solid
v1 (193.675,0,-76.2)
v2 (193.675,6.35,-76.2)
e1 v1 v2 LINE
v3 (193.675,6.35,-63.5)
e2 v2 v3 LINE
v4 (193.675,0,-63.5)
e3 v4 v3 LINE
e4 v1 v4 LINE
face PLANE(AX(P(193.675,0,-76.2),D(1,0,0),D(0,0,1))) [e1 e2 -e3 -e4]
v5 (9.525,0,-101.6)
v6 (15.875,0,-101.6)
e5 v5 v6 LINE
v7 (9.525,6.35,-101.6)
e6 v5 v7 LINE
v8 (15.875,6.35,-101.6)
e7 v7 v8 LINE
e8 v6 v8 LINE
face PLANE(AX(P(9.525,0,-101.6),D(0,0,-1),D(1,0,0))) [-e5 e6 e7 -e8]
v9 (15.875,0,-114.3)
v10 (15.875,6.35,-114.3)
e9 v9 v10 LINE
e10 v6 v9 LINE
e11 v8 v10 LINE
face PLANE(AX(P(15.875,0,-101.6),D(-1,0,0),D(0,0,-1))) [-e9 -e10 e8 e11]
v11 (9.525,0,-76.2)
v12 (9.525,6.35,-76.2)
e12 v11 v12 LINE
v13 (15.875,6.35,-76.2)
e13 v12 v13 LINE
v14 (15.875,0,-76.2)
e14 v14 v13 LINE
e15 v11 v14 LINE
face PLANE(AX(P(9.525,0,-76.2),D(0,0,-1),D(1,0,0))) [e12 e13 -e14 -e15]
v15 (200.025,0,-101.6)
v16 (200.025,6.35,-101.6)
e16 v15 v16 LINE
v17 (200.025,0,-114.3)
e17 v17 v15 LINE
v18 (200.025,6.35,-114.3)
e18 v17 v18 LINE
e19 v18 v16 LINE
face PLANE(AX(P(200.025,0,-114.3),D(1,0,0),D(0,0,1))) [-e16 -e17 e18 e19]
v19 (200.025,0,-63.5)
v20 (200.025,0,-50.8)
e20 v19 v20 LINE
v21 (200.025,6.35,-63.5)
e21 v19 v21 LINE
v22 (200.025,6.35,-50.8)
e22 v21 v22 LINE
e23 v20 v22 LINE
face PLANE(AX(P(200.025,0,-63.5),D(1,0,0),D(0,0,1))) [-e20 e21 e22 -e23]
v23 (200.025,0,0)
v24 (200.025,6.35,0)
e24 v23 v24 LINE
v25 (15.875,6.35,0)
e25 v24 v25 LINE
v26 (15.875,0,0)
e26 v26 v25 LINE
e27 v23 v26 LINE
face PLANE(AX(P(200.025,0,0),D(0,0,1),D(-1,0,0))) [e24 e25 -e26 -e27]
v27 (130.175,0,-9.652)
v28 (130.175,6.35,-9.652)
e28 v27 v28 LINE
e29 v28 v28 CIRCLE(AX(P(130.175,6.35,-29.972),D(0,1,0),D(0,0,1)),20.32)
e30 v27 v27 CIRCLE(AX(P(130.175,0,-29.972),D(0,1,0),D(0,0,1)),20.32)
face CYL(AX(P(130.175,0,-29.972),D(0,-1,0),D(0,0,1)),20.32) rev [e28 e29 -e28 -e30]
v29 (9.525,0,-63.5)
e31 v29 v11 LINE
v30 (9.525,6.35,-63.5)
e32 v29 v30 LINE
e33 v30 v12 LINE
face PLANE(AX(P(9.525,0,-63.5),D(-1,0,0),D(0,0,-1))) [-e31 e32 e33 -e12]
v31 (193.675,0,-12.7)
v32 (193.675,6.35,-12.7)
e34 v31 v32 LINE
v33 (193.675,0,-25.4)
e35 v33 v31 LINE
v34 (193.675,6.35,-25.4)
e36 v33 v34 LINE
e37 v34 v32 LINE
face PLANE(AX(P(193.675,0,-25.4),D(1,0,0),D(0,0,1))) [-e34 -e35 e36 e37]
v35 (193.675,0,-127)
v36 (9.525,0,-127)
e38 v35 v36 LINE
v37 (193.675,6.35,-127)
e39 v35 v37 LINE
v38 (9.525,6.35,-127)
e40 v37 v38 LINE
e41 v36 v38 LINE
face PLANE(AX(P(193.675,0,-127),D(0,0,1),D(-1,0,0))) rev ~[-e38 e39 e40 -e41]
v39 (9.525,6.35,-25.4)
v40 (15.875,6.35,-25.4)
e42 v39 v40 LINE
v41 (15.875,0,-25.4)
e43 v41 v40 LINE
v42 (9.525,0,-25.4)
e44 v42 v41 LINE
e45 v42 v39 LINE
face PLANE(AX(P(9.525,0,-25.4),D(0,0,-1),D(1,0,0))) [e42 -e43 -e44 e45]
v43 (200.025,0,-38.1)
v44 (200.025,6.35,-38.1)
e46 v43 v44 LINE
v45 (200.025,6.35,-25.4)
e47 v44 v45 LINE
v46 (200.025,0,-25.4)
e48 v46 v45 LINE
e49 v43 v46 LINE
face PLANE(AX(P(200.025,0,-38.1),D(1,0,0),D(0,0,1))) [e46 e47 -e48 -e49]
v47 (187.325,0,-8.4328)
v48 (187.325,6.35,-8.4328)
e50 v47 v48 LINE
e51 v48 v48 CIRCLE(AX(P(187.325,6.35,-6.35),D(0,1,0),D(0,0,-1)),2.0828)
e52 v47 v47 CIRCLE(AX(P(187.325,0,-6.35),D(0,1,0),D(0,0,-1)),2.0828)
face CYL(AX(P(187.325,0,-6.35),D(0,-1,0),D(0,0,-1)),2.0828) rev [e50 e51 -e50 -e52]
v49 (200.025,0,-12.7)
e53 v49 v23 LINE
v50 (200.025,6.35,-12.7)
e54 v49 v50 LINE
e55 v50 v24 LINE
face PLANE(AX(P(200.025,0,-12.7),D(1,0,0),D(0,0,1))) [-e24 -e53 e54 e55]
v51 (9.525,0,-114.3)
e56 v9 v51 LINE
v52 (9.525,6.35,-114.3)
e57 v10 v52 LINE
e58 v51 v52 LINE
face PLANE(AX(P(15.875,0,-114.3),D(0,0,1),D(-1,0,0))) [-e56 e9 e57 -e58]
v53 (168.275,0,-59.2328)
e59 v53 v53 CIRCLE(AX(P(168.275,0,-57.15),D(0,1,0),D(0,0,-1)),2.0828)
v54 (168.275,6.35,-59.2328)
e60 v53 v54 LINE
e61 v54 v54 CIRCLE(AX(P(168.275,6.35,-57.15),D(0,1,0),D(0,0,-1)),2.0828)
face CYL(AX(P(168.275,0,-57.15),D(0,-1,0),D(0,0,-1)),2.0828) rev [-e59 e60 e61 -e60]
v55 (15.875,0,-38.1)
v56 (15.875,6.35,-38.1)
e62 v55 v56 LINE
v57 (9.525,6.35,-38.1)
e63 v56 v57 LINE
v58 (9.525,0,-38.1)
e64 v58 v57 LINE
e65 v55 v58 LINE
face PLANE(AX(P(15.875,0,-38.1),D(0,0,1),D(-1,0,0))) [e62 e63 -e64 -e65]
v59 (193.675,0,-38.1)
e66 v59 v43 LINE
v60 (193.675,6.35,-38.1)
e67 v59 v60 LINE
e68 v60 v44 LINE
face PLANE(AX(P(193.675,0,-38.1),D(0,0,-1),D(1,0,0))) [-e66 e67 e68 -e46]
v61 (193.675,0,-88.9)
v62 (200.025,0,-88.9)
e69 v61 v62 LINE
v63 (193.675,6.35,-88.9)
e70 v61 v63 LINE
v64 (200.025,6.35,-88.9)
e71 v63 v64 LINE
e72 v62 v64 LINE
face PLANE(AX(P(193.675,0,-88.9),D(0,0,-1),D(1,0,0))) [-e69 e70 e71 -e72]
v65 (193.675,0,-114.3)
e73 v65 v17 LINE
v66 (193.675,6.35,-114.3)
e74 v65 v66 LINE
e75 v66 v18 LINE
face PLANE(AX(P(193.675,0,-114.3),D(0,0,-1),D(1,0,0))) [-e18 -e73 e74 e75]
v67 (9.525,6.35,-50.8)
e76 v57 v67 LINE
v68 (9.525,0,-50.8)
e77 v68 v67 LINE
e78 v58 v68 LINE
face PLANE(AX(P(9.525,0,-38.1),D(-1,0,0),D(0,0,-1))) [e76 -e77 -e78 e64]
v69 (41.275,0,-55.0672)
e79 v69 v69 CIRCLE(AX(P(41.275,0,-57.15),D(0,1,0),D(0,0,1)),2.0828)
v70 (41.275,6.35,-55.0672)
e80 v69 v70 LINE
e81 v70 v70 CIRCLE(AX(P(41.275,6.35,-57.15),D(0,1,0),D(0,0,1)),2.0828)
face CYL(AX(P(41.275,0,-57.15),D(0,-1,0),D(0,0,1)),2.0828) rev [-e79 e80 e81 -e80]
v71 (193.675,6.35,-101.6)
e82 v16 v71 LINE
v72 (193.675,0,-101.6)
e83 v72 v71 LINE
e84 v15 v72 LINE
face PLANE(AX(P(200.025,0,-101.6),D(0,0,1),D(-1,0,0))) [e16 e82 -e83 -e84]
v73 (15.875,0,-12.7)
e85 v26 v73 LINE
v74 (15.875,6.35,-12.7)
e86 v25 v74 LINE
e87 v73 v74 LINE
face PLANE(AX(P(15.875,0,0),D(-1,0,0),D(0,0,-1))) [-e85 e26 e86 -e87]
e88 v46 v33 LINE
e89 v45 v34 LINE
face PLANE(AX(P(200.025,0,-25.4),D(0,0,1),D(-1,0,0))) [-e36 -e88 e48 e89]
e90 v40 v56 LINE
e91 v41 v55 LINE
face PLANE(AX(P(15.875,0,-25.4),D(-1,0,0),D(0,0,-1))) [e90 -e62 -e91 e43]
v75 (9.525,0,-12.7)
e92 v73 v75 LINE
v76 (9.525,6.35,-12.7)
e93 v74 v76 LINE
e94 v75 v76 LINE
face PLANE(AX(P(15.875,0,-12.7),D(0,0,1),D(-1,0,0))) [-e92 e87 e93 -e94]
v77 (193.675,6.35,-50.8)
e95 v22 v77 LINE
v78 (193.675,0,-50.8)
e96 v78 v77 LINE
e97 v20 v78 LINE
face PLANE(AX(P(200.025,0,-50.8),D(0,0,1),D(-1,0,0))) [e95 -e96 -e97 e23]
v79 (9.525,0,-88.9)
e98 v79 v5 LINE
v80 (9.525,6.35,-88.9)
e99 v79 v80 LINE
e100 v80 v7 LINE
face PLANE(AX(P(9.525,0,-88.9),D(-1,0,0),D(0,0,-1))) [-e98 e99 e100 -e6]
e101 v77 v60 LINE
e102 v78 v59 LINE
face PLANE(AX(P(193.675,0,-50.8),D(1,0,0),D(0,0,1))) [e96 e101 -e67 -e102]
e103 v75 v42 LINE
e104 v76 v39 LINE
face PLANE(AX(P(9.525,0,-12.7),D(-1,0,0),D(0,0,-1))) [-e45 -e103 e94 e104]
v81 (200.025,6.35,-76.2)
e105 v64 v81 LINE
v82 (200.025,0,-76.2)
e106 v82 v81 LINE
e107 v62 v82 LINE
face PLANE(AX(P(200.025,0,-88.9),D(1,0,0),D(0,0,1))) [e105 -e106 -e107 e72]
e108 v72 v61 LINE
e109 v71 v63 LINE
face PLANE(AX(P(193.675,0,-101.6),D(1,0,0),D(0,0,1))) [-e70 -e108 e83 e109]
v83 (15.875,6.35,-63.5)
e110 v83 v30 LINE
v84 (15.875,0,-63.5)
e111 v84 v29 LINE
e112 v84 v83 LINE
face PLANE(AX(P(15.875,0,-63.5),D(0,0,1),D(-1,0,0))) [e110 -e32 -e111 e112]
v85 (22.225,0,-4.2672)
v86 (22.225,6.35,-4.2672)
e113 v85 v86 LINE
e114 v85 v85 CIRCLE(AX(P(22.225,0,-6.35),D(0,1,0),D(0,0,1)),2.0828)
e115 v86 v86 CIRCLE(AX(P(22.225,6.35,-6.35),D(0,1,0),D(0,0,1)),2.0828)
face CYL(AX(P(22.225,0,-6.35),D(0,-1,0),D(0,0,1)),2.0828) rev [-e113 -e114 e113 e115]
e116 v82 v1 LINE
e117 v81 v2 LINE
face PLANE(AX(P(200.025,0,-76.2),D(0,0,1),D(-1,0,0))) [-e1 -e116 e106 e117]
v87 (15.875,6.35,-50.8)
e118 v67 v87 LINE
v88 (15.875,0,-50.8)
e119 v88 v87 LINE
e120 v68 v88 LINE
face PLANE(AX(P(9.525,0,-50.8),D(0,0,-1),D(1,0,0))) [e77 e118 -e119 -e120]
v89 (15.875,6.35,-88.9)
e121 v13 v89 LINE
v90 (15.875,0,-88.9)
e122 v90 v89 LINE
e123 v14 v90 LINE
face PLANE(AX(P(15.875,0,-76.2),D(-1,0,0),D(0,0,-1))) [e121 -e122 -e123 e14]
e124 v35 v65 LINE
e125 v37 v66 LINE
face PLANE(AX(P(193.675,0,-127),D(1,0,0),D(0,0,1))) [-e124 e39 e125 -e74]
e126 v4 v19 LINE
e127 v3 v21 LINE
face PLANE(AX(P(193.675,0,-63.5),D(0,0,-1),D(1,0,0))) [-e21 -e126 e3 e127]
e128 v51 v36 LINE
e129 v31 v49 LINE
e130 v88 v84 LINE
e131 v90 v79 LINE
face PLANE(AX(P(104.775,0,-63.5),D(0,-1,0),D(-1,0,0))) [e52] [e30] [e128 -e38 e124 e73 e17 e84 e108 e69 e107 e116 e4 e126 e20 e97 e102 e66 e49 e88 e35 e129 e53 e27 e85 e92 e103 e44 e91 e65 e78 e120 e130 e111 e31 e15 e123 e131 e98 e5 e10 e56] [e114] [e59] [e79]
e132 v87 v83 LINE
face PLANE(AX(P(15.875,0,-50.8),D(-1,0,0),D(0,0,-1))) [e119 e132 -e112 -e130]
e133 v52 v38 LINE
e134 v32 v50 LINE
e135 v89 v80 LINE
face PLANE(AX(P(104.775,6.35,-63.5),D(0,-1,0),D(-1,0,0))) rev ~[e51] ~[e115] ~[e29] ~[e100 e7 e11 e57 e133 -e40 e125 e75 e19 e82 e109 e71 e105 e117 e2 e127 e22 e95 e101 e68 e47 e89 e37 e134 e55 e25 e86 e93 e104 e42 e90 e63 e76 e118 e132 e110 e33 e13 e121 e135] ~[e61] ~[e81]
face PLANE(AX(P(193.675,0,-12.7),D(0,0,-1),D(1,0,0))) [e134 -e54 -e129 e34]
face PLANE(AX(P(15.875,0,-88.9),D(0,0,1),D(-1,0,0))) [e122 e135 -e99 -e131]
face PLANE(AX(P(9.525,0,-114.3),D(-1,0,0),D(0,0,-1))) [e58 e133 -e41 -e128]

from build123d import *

# Parameters (mm, degrees)
SKETCH2_R           = 2.0828
SKETCH2_R_2         = 20.32
BOSS_EXTRUDE1_DEPTH = 6.35


with BuildPart() as part:
    # Sketch2 → Boss-Extrude1 (new body)
    with BuildSketch(Plane(origin=(0, 0, 0), x_dir=(1, 0, 0), z_dir=(0, 1, 0))):
        Polygon((15.875, 0), (15.875, 12.7), (9.525, 12.7), (9.525, 25.4), (15.875, 25.4), (15.875, 38.1), (9.525, 38.1), (9.525, 50.8), (15.875, 50.8), (15.875, 63.5), (9.525, 63.5), (9.525, 76.2), (15.875, 76.2), (15.875, 88.9), (9.525, 88.9), (9.525, 101.6), (15.875, 101.6), (15.875, 114.3), (9.525, 114.3), (9.525, 127), (15.875, 127), (193.675, 127), (193.675, 114.3), (200.025, 114.3), (200.025, 101.6), (193.675, 101.6), (193.675, 88.9), (200.025, 88.9), (200.025, 76.2), (193.675, 76.2), (193.675, 63.5), (200.025, 63.5), (200.025, 50.8), (193.675, 50.8), (193.675, 38.1), (200.025, 38.1), (200.025, 25.4), (193.675, 25.4), (193.675, 12.7), (200.025, 12.7), (200.025, 0), align=None)
        with Locations(Location((41.275, 57.15, 0), (0, 0, 270))):
            Circle(SKETCH2_R, mode=Mode.SUBTRACT)
        with Locations(Location((168.275, 57.15, 0), (0, 0, 90))):
            Circle(SKETCH2_R, mode=Mode.SUBTRACT)
        with Locations(Location((130.175, 29.972, 0), (0, 0, 270))):
            Circle(SKETCH2_R_2, mode=Mode.SUBTRACT)
        with Locations(Location((22.225, 6.35, 0), (0, 0, 270))):
            Circle(SKETCH2_R, mode=Mode.SUBTRACT)
        with Locations(Location((187.325, 6.35, 0), (0, 0, 90))):
            Circle(SKETCH2_R, mode=Mode.SUBTRACT)
    extrude(amount=BOSS_EXTRUDE1_DEPTH)


solid = part.part
